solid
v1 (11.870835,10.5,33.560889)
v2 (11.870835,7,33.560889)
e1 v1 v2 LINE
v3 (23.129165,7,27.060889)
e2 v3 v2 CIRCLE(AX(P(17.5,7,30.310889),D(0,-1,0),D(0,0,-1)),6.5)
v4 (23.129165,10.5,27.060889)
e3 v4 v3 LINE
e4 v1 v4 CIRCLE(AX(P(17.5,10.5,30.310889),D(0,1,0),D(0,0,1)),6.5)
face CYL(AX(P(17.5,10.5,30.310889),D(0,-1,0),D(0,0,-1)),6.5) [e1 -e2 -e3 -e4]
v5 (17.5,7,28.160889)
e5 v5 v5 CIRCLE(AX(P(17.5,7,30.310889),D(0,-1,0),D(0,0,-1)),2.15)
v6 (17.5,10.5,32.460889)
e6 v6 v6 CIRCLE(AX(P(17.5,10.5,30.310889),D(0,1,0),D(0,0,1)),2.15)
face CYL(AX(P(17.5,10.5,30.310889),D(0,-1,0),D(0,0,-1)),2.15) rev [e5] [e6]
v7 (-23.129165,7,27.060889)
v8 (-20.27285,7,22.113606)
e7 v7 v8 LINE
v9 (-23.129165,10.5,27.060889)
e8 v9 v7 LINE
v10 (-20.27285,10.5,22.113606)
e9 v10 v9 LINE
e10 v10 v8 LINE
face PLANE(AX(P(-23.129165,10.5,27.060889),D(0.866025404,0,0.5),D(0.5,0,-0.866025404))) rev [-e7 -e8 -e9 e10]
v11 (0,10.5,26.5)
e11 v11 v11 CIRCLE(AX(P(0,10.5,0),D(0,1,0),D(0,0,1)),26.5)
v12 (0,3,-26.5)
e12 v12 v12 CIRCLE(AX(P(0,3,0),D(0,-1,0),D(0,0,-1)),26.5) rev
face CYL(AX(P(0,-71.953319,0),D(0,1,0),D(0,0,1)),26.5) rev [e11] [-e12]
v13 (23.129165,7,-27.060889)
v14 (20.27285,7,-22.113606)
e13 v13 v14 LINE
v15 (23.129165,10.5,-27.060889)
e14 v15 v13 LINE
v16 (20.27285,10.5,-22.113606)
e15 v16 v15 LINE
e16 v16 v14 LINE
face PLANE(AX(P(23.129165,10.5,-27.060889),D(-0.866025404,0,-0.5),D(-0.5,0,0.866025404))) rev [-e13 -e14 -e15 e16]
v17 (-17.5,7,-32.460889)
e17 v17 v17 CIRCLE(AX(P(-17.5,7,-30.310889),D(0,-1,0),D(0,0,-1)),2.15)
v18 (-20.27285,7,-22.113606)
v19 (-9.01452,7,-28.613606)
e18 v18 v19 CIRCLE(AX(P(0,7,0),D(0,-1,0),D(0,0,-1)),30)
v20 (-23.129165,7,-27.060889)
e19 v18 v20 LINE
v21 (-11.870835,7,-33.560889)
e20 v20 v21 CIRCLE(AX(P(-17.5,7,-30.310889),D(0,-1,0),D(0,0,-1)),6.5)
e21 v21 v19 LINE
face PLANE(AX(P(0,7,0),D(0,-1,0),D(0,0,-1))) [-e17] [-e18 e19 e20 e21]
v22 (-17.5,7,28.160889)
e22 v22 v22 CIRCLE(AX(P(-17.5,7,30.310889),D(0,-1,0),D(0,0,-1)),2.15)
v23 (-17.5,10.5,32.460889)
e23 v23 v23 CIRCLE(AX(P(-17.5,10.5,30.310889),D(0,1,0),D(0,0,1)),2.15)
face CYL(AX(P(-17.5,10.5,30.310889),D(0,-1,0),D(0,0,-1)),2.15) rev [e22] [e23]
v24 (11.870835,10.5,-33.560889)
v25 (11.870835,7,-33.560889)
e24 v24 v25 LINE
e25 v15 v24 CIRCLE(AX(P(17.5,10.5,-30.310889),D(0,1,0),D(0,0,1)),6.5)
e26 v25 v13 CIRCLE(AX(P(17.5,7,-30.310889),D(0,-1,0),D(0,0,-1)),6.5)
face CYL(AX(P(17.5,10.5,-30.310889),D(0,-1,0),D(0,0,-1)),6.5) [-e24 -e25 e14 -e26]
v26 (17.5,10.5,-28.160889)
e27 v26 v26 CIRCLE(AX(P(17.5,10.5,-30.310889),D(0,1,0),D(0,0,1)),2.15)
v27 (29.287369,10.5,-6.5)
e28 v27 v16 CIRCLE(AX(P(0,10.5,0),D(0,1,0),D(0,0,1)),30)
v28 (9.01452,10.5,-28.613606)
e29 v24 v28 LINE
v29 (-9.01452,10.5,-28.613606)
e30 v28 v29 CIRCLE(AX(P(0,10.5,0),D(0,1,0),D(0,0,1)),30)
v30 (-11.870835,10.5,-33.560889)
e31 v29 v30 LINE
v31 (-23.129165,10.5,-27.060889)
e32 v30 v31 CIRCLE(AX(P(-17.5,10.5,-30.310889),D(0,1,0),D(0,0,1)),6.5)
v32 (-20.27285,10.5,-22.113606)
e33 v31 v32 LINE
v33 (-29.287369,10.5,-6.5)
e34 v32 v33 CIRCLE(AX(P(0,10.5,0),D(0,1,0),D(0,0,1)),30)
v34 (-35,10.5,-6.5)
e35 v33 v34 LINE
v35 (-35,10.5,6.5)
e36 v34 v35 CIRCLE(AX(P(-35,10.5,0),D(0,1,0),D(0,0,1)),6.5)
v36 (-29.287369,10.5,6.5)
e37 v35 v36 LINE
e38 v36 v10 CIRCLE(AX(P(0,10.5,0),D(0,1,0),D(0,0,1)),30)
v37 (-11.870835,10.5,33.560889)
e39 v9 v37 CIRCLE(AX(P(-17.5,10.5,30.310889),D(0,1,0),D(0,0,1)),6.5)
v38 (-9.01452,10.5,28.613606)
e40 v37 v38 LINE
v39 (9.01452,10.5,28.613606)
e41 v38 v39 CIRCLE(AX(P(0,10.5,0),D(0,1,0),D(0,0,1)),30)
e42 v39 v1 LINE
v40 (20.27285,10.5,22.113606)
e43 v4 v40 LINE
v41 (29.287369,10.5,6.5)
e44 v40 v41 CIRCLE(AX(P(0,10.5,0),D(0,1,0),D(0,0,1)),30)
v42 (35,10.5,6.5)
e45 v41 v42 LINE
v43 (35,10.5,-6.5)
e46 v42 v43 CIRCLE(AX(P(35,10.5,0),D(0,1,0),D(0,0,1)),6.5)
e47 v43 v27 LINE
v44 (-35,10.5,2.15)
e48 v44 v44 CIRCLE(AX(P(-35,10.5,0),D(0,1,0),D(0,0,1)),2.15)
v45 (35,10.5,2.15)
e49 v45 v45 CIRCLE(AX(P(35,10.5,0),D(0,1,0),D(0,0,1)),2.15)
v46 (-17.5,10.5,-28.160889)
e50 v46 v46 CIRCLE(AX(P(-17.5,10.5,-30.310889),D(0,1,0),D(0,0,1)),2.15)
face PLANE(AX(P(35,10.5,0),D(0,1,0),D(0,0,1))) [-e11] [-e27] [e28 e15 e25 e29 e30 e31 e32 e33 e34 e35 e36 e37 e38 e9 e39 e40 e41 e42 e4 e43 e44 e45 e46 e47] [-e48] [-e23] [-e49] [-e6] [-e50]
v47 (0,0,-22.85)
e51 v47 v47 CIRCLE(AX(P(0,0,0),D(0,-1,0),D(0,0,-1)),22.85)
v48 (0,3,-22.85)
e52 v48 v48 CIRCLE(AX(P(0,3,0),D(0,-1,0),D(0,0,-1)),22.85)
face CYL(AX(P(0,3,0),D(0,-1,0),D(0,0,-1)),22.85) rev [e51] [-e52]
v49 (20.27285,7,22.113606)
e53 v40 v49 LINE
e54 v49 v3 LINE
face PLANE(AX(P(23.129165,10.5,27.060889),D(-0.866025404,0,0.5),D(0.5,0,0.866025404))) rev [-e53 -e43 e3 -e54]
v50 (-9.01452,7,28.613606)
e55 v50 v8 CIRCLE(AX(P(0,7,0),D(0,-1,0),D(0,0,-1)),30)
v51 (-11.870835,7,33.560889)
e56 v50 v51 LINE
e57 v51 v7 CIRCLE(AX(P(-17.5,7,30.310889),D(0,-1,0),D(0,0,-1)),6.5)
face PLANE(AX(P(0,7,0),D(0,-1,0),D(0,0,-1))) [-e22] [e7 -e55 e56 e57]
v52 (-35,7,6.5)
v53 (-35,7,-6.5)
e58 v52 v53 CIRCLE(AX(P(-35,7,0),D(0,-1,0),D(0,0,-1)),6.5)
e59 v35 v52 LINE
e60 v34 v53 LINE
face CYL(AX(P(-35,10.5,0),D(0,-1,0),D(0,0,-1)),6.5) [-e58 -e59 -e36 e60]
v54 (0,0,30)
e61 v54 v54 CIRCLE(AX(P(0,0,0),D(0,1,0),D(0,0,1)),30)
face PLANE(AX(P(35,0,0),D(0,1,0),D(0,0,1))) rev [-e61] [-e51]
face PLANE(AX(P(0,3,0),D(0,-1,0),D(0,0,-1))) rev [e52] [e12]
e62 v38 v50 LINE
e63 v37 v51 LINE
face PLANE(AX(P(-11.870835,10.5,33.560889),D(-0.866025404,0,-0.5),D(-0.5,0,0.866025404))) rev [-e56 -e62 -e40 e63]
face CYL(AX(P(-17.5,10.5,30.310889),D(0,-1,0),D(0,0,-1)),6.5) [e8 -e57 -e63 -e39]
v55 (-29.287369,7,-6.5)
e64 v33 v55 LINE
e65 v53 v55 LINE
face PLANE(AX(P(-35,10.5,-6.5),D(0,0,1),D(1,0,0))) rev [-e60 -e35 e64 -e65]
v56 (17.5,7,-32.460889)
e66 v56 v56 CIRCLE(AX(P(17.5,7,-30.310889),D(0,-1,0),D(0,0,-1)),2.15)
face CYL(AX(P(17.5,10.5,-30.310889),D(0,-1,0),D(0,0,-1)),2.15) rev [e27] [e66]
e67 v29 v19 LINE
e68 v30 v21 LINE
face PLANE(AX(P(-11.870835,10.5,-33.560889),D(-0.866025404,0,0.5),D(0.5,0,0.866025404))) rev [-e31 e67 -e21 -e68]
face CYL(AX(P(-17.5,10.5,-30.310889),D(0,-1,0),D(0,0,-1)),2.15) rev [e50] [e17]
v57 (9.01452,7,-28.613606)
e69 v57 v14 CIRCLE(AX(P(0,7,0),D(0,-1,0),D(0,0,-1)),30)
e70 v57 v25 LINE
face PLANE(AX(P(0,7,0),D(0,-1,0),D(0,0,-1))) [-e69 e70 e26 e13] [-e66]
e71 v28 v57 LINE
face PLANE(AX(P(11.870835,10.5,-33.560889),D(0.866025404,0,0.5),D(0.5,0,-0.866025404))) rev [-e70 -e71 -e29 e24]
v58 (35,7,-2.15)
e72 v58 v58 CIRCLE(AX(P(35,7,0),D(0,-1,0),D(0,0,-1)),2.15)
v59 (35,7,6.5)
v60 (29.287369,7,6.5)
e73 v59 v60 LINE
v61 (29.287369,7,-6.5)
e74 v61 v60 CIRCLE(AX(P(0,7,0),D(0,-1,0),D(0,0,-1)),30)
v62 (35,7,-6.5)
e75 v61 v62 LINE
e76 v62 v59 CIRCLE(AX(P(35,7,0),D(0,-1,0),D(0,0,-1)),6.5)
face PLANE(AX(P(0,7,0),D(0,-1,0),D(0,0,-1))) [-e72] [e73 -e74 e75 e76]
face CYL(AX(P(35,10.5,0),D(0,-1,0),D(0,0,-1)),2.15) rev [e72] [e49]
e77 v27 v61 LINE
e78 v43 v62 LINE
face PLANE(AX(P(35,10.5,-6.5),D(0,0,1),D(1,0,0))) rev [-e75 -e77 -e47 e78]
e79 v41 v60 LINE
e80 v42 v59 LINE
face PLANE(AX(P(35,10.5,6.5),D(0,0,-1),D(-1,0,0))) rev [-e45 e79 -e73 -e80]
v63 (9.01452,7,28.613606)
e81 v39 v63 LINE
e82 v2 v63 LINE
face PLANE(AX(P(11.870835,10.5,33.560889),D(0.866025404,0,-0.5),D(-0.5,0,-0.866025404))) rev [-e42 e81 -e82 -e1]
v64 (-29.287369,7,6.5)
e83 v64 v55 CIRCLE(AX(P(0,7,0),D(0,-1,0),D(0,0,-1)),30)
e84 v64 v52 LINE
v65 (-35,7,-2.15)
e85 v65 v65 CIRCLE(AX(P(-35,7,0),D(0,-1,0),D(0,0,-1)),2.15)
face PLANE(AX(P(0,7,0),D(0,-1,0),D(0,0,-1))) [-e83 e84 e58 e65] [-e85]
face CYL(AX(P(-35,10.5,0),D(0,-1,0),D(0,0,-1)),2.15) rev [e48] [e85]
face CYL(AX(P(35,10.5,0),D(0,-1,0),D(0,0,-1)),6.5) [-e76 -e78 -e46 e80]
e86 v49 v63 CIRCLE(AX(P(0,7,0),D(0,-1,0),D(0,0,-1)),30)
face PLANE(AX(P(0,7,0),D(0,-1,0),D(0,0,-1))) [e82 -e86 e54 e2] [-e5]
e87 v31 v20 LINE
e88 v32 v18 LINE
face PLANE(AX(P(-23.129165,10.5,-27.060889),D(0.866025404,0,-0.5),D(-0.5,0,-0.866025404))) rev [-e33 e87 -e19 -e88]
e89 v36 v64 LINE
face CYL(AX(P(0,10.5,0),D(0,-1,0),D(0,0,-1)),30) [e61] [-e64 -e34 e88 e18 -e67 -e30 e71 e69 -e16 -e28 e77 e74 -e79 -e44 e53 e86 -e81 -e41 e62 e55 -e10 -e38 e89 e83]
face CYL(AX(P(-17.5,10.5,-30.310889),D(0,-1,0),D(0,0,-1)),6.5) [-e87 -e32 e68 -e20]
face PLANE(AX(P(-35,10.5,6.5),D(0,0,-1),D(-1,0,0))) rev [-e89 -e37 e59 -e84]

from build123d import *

# Parameters (mm, degrees)
SKETCH1_R           = 26
SKETCH1_R_2         = 2.15
BOSS_EXTRUDE1_DEPTH = 10.5
SKETCH2_R           = 27.448916739
SKETCH2_R_2         = 22.85
BOSS_EXTRUDE2_DEPTH = 3
SKETCH3_R           = 44.09476296
SKETCH3_R_2         = 30
CUT_EXTRUDE1_DEPTH  = 7
SKETCH4_R           = 26.5
CUT_EXTRUDE2_DEPTH  = 7.5


with BuildPart() as part:
    # Sketch1 → Boss-Extrude1 (new body)
    with BuildSketch(Plane(origin=(0, 0, 0), x_dir=(1, 0, 0), z_dir=(0, 1, 0))):
        with BuildLine():
            Line((11.870834875, -33.560889132), (9.014519521, -28.613605816))
            ThreePointArc((9.014519521, -28.613605816), (0, -30), (-9.014519521, -28.613605816))
            Line((-9.014519521, -28.613605816), (-11.870834875, -33.560889132))
            ThreePointArc((-11.870834875, -33.560889132), (-20.75, -35.940054257), (-23.129165125, -27.060889132))
            Line((-23.129165125, -27.060889132), (-20.27284977, -22.113605816))
            ThreePointArc((-20.27284977, -22.113605816), (-25.980762114, -15), (-29.287369291, -6.5))
            Line((-29.287369291, -6.5), (-35, -6.5))
            ThreePointArc((-35, -6.5), (-41.5, 0), (-35, 6.5))
            Line((-35, 6.5), (-29.287369291, 6.5))
            ThreePointArc((-29.287369291, 6.5), (-25.980762114, 15), (-20.27284977, 22.113605816))
            Line((-20.27284977, 22.113605816), (-23.129165125, 27.060889132))
            ThreePointArc((-23.129165125, 27.060889132), (-20.75, 35.940054257), (-11.870834875, 33.560889132))
            Line((-11.870834875, 33.560889132), (-9.014519521, 28.613605816))
            ThreePointArc((-9.014519521, 28.613605816), (0, 30), (9.014519521, 28.613605816))
            Line((9.014519521, 28.613605816), (11.870834875, 33.560889132))
            ThreePointArc((11.870834875, 33.560889132), (20.75, 35.940054257), (23.129165125, 27.060889132))
            Line((23.129165125, 27.060889132), (20.27284977, 22.113605816))
            ThreePointArc((20.27284977, 22.113605816), (25.980762114, 15), (29.287369291, 6.5))
            Line((29.287369291, 6.5), (35, 6.5))
            ThreePointArc((35, 6.5), (41.5, 0), (35, -6.5))
            Line((35, -6.5), (29.287369291, -6.5))
            ThreePointArc((29.287369291, -6.5), (25.980762114, -15), (20.27284977, -22.113605816))
            Line((20.27284977, -22.113605816), (23.129165125, -27.060889132))
            ThreePointArc((23.129165125, -27.060889132), (20.75, -35.940054257), (11.870834875, -33.560889132))
        make_face()
        Circle(SKETCH1_R, mode=Mode.SUBTRACT)
        with Locations((35, 0)):
            Circle(SKETCH1_R_2, mode=Mode.SUBTRACT)
        with Locations((17.5, -30.310889132)):
            Circle(SKETCH1_R_2, mode=Mode.SUBTRACT)
        with Locations((-17.5, -30.310889132)):
            Circle(SKETCH1_R_2, mode=Mode.SUBTRACT)
        with Locations((-35, 0)):
            Circle(SKETCH1_R_2, mode=Mode.SUBTRACT)
        with Locations((-17.5, 30.310889132)):
            Circle(SKETCH1_R_2, mode=Mode.SUBTRACT)
        with Locations((17.5, 30.310889132)):
            Circle(SKETCH1_R_2, mode=Mode.SUBTRACT)
    extrude(amount=BOSS_EXTRUDE1_DEPTH)

    # Sketch2 → Boss-Extrude2 (add)
    with BuildSketch(Plane.XZ):
        Circle(SKETCH2_R)
        Circle(SKETCH2_R_2, mode=Mode.SUBTRACT)
    extrude(amount=-BOSS_EXTRUDE2_DEPTH)

    # Sketch3 → Cut-Extrude1 (cut)
    with BuildSketch(Plane.XZ):
        Circle(SKETCH3_R)
        Circle(SKETCH3_R_2, mode=Mode.SUBTRACT)
    extrude(amount=-CUT_EXTRUDE1_DEPTH, mode=Mode.SUBTRACT)

    # Sketch4 → Cut-Extrude2 (cut)
    with BuildSketch(Plane(origin=(0, 10.5, 0), x_dir=(1, 0, 0), z_dir=(0, 1, 0))):
        Circle(SKETCH4_R)
    extrude(amount=-CUT_EXTRUDE2_DEPTH, mode=Mode.SUBTRACT)


solid = part.part
